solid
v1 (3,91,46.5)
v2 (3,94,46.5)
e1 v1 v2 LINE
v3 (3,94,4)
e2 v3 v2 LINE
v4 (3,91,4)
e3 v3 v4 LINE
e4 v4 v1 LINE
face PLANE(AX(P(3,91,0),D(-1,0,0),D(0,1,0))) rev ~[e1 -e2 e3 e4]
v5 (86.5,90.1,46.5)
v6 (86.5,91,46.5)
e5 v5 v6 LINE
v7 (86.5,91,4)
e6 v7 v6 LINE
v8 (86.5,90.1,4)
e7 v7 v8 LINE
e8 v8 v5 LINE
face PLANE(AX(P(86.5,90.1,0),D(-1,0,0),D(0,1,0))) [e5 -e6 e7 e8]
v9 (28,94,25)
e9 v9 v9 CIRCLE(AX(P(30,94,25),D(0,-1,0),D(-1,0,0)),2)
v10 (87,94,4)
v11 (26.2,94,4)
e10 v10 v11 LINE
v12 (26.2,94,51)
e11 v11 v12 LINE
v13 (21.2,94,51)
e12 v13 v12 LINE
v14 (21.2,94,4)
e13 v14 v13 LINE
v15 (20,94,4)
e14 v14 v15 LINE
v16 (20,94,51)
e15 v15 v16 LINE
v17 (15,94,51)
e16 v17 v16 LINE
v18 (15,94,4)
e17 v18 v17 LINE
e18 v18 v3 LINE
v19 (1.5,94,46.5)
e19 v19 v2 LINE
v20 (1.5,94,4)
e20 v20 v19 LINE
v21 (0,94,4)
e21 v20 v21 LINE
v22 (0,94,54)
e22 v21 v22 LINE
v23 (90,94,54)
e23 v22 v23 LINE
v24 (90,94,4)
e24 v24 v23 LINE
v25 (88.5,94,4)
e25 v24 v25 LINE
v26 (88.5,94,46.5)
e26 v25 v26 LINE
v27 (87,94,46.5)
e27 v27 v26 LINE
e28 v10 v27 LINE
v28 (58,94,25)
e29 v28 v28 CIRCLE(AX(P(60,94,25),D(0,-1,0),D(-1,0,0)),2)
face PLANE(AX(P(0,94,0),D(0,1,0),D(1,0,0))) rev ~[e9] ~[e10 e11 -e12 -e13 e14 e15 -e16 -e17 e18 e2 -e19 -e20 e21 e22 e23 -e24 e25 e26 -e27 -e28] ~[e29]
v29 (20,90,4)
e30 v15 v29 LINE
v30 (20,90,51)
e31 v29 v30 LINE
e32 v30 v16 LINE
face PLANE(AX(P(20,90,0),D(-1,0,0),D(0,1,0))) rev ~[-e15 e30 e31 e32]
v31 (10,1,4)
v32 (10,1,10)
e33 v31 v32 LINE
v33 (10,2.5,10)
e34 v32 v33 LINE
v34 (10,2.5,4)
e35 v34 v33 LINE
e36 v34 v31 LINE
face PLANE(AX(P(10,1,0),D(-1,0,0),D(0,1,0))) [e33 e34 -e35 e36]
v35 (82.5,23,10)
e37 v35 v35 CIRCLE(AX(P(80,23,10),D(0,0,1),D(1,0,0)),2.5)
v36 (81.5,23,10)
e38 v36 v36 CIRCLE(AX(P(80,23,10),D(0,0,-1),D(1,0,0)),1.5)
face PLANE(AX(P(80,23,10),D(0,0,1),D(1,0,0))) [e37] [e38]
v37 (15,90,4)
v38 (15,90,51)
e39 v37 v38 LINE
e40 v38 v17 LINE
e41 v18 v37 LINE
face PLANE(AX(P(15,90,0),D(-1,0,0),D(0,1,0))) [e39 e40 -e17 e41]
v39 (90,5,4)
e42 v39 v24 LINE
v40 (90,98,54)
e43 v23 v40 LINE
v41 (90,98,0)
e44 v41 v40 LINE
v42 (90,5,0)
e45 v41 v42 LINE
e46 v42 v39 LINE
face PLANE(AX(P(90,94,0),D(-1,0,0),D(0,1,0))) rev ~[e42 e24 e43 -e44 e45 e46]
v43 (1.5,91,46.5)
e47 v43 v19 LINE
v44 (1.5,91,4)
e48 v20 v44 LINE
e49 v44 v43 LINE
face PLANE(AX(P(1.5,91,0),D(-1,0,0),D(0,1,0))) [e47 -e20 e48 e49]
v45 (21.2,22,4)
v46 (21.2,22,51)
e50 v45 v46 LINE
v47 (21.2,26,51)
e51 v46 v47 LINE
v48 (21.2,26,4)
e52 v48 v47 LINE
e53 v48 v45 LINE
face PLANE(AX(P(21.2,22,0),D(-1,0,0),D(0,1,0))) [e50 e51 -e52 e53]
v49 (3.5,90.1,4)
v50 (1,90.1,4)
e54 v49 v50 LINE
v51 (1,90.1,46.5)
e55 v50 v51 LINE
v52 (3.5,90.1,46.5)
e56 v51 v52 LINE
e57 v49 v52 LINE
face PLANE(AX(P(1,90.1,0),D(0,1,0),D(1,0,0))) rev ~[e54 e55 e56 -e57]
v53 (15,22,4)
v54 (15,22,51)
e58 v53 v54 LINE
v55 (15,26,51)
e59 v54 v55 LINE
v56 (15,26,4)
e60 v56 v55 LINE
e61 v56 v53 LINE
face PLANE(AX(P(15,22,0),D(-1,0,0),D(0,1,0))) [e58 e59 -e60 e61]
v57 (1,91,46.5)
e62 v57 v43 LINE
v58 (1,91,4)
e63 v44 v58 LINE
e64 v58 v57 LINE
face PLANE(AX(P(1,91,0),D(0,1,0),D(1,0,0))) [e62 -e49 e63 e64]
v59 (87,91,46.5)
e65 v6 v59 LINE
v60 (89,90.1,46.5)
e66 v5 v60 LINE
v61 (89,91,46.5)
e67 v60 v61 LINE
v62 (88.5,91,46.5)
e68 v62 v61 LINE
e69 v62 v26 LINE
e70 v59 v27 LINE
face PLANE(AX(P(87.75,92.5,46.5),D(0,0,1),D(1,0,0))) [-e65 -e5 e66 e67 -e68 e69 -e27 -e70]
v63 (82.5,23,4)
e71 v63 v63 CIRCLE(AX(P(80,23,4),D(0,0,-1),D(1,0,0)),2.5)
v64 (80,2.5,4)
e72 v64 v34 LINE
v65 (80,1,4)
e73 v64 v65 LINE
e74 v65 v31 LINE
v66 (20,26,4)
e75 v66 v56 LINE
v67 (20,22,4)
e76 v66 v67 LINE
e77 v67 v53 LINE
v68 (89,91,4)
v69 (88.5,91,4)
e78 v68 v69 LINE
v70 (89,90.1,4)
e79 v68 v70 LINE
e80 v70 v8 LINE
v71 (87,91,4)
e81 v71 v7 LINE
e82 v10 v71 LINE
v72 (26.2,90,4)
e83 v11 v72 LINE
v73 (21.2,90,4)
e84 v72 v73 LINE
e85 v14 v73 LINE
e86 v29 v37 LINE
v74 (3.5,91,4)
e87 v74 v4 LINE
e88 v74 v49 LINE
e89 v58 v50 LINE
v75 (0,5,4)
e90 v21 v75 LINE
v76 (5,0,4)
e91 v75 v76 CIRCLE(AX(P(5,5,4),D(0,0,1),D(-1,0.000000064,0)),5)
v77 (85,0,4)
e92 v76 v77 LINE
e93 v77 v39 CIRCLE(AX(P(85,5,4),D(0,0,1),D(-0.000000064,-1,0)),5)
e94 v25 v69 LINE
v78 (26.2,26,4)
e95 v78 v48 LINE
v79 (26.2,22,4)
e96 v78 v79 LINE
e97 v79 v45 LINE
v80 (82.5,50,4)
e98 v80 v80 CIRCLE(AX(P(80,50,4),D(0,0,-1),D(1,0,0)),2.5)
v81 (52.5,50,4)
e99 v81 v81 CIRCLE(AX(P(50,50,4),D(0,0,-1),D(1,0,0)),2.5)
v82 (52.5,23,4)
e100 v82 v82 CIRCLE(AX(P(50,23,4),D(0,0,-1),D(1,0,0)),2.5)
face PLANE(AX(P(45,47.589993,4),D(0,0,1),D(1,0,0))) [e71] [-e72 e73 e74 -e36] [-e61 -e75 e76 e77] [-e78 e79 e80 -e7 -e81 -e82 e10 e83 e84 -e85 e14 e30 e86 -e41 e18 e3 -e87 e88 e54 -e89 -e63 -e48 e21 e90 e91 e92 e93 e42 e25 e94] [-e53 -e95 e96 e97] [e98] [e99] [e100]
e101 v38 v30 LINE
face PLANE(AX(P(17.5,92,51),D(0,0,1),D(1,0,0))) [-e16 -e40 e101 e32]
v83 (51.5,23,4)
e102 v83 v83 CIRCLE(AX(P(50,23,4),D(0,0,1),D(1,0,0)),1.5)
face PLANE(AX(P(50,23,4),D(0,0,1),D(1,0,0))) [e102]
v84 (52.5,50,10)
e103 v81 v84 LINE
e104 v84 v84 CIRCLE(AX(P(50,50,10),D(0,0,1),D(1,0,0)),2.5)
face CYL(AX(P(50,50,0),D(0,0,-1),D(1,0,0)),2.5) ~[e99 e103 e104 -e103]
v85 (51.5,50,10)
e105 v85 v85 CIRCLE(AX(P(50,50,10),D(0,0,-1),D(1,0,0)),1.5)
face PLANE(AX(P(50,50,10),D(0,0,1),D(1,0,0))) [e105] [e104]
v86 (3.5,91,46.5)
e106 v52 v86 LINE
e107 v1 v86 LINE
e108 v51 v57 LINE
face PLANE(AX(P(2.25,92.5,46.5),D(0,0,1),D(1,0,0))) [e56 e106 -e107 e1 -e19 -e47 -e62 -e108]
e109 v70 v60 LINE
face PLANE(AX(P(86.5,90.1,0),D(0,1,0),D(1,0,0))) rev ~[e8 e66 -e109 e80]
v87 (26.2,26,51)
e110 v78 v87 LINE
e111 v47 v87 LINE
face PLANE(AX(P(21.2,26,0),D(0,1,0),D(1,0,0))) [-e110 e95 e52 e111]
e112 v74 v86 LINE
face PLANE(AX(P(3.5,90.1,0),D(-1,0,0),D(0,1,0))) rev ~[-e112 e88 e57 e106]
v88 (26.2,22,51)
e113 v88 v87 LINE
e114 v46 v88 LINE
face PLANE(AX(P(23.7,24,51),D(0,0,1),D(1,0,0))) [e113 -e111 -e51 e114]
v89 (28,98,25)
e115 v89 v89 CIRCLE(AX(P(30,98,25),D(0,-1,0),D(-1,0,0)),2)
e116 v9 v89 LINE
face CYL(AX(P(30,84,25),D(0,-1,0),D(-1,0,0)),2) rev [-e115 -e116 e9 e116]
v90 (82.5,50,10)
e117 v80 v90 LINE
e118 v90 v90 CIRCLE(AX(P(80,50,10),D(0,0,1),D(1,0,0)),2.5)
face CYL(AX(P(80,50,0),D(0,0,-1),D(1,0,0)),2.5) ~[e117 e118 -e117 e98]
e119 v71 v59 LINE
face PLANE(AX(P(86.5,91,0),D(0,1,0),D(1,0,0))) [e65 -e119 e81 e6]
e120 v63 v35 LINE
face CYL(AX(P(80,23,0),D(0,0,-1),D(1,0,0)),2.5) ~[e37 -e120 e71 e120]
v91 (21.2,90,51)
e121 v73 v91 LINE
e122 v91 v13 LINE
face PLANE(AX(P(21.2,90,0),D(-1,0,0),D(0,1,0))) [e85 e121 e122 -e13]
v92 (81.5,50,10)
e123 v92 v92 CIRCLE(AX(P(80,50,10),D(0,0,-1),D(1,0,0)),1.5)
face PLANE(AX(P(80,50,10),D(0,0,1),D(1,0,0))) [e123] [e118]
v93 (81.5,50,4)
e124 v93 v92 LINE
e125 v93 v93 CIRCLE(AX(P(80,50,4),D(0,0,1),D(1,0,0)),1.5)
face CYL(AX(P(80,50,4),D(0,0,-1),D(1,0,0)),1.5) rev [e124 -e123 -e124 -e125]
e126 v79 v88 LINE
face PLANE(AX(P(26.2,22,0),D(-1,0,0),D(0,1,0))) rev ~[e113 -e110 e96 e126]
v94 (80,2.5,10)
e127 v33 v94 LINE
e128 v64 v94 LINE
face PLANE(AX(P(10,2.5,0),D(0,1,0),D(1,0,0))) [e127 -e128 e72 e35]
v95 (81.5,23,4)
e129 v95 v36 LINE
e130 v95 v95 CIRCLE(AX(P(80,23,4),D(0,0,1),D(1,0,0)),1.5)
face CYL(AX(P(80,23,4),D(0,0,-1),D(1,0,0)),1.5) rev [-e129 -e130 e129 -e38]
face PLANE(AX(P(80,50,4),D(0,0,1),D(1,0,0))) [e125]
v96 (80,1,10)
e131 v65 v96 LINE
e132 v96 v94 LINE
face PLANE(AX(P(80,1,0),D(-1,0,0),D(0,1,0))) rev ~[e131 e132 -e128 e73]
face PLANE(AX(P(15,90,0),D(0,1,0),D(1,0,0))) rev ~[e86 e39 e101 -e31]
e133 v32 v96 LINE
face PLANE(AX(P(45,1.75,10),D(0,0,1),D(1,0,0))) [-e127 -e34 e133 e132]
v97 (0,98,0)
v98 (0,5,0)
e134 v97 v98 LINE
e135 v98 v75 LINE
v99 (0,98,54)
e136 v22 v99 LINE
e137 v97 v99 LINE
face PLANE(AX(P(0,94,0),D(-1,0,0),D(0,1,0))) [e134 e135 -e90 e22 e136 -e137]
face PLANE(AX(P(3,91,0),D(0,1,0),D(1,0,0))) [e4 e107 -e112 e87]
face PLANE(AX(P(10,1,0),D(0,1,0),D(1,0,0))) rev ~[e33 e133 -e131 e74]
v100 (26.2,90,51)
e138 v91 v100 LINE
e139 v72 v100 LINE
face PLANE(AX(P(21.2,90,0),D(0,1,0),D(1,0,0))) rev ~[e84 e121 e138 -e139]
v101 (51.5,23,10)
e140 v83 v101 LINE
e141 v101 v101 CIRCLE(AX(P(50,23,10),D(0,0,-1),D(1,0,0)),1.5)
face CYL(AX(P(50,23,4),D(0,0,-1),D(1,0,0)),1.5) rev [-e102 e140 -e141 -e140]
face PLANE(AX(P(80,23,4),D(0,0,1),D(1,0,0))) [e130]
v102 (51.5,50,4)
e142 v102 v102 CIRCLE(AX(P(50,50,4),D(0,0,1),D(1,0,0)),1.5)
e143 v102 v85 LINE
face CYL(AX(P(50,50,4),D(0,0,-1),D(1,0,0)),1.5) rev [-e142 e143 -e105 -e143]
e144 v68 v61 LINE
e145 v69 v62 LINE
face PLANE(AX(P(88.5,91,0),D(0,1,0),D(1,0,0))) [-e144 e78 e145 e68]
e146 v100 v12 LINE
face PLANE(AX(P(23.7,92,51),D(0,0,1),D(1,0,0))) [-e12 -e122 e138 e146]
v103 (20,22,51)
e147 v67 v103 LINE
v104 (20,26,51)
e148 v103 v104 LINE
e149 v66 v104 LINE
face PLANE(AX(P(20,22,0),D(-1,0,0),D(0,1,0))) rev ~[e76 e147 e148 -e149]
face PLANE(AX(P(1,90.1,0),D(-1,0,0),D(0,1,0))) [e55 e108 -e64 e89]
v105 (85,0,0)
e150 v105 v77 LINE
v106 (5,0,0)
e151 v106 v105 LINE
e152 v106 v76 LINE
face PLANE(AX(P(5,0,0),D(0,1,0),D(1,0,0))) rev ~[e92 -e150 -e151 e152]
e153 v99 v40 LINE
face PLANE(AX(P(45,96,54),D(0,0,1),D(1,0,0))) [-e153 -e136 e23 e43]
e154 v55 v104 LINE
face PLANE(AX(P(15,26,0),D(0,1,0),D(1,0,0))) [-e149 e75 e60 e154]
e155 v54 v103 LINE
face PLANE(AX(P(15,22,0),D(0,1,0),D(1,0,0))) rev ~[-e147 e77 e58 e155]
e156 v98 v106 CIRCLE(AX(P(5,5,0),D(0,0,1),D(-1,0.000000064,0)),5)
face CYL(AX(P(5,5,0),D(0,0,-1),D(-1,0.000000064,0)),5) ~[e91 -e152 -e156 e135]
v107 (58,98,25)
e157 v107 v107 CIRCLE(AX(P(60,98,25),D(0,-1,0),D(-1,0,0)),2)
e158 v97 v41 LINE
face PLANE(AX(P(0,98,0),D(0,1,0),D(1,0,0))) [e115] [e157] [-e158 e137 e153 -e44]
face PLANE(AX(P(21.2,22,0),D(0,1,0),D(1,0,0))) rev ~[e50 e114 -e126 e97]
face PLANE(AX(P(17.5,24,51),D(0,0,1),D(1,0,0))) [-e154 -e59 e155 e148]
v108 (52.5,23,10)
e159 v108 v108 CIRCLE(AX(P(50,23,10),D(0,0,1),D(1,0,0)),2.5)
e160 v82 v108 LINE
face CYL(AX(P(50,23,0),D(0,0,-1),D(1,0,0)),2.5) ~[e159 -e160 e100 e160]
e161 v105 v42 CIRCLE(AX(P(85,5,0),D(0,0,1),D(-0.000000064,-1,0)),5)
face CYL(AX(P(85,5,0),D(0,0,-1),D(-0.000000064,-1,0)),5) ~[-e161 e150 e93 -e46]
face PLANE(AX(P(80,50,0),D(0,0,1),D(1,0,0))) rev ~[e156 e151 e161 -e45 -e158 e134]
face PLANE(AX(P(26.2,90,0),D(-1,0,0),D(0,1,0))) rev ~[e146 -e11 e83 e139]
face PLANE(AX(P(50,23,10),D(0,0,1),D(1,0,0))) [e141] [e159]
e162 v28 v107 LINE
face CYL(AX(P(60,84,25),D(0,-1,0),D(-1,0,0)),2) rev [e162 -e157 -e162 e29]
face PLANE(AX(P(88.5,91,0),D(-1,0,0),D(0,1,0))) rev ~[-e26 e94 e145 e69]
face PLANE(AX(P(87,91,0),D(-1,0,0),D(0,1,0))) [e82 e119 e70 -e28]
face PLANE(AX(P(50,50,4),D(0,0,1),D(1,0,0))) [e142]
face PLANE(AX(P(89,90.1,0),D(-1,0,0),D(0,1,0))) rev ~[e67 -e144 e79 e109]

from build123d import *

# Parameters (mm, degrees)
PAD_DEPTH         = 4
SKETCH003_W       = 90
SKETCH003_H       = 4
PAD001_DEPTH      = 54
SKETCH002_W       = 5
SKETCH002_H       = 4
PAD002_DEPTH      = 51
SKETCH006_R       = 2
POCKET_DEPTH      = 84.001
POCKET_DEPTH_BACK = 14.001
SKETCH005_W       = 70
SKETCH005_H       = 1.5
PAD003_DEPTH      = 10
SKETCH004_W       = 1.5
SKETCH004_H       = 3
SKETCH004_W_2     = 2.5
SKETCH004_H_2     = 0.9
PAD004_DEPTH      = 46.5
SKETCH_R          = 2.5
PAD005_DEPTH      = 10
POCKET001_START   = 4
SKETCH007_R       = 1.5
POCKET001_DEPTH   = 20


with BuildPart() as part:
    # Sketch001 → Pad (new body)
    with BuildSketch(Plane.XY):
        with BuildLine():
            Line((0, 94), (0, 5))
            ThreePointArc((0, 5), (1.464466, 1.464466), (5, 0))
            Line((5, 0), (85, 0))
            ThreePointArc((85, 0), (88.535534, 1.464466), (90, 5))
            Line((90, 5), (90, 94))
            Line((90, 94), (0, 94))
        make_face()
    extrude(amount=PAD_DEPTH)

    # Sketch003 → Pad001 (join)
    with BuildSketch(Plane.XY):
        with Locations((45, 96)):
            Rectangle(SKETCH003_W, SKETCH003_H)
    extrude(amount=PAD001_DEPTH)

    # Sketch002 → Pad002 (join)
    with BuildSketch(Plane.XY):
        with Locations((17.5, 92)):
            Rectangle(SKETCH002_W, SKETCH002_H)
        with Locations((17.5, 24)):
            Rectangle(SKETCH002_W, SKETCH002_H)
        with Locations((23.7, 92)):
            Rectangle(SKETCH002_W, SKETCH002_H)
        with Locations((23.7, 24)):
            Rectangle(SKETCH002_W, SKETCH002_H)
    extrude(amount=PAD002_DEPTH)

    # Sketch006 → Pocket (cut, two sides)
    with BuildSketch(Plane(origin=(0, 84, 0), x_dir=(-1, 0, 0), z_dir=(0, 1, 0))) as pocket_sk:
        with Locations((-30, 25)):
            Circle(SKETCH006_R)
        with Locations((-60, 25)):
            Circle(SKETCH006_R)
    extrude(amount=-POCKET_DEPTH, mode=Mode.SUBTRACT)
    extrude(pocket_sk.sketch, amount=POCKET_DEPTH_BACK, mode=Mode.SUBTRACT)

    # Sketch005 → Pad003 (join)
    with BuildSketch(Plane.XY):
        with Locations((45, 1.75)):
            Rectangle(SKETCH005_W, SKETCH005_H)
    extrude(amount=PAD003_DEPTH)

    # Sketch004 → Pad004 (join)
    with BuildSketch(Plane.XY):
        with Locations((2.25, 92.5)):
            Rectangle(SKETCH004_W, SKETCH004_H)
        with Locations((2.25, 90.55)):
            Rectangle(SKETCH004_W_2, SKETCH004_H_2)
        with Locations((87.75, 92.5)):
            Rectangle(SKETCH004_W, SKETCH004_H)
        with Locations((87.75, 90.55)):
            Rectangle(SKETCH004_W_2, SKETCH004_H_2)
    extrude(amount=PAD004_DEPTH)

    # Sketch → Pad005 (join)
    with BuildSketch(Plane.XY):
        with Locations((80, 50)):
            Circle(SKETCH_R)
        with Locations((80, 23)):
            Circle(SKETCH_R)
        with Locations((50, 50)):
            Circle(SKETCH_R)
        with Locations((50, 23)):
            Circle(SKETCH_R)
    extrude(amount=PAD005_DEPTH)

    # Sketch007 → Pocket001 (cut)
    with BuildSketch(Plane.XY.offset(POCKET001_START)):
        with Locations((80, 50)):
            Circle(SKETCH007_R)
        with Locations((80, 23)):
            Circle(SKETCH007_R)
        with Locations((50, 50)):
            Circle(SKETCH007_R)
        with Locations((50, 23)):
            Circle(SKETCH007_R)
    extrude(amount=POCKET001_DEPTH, mode=Mode.SUBTRACT)


solid = part.part
